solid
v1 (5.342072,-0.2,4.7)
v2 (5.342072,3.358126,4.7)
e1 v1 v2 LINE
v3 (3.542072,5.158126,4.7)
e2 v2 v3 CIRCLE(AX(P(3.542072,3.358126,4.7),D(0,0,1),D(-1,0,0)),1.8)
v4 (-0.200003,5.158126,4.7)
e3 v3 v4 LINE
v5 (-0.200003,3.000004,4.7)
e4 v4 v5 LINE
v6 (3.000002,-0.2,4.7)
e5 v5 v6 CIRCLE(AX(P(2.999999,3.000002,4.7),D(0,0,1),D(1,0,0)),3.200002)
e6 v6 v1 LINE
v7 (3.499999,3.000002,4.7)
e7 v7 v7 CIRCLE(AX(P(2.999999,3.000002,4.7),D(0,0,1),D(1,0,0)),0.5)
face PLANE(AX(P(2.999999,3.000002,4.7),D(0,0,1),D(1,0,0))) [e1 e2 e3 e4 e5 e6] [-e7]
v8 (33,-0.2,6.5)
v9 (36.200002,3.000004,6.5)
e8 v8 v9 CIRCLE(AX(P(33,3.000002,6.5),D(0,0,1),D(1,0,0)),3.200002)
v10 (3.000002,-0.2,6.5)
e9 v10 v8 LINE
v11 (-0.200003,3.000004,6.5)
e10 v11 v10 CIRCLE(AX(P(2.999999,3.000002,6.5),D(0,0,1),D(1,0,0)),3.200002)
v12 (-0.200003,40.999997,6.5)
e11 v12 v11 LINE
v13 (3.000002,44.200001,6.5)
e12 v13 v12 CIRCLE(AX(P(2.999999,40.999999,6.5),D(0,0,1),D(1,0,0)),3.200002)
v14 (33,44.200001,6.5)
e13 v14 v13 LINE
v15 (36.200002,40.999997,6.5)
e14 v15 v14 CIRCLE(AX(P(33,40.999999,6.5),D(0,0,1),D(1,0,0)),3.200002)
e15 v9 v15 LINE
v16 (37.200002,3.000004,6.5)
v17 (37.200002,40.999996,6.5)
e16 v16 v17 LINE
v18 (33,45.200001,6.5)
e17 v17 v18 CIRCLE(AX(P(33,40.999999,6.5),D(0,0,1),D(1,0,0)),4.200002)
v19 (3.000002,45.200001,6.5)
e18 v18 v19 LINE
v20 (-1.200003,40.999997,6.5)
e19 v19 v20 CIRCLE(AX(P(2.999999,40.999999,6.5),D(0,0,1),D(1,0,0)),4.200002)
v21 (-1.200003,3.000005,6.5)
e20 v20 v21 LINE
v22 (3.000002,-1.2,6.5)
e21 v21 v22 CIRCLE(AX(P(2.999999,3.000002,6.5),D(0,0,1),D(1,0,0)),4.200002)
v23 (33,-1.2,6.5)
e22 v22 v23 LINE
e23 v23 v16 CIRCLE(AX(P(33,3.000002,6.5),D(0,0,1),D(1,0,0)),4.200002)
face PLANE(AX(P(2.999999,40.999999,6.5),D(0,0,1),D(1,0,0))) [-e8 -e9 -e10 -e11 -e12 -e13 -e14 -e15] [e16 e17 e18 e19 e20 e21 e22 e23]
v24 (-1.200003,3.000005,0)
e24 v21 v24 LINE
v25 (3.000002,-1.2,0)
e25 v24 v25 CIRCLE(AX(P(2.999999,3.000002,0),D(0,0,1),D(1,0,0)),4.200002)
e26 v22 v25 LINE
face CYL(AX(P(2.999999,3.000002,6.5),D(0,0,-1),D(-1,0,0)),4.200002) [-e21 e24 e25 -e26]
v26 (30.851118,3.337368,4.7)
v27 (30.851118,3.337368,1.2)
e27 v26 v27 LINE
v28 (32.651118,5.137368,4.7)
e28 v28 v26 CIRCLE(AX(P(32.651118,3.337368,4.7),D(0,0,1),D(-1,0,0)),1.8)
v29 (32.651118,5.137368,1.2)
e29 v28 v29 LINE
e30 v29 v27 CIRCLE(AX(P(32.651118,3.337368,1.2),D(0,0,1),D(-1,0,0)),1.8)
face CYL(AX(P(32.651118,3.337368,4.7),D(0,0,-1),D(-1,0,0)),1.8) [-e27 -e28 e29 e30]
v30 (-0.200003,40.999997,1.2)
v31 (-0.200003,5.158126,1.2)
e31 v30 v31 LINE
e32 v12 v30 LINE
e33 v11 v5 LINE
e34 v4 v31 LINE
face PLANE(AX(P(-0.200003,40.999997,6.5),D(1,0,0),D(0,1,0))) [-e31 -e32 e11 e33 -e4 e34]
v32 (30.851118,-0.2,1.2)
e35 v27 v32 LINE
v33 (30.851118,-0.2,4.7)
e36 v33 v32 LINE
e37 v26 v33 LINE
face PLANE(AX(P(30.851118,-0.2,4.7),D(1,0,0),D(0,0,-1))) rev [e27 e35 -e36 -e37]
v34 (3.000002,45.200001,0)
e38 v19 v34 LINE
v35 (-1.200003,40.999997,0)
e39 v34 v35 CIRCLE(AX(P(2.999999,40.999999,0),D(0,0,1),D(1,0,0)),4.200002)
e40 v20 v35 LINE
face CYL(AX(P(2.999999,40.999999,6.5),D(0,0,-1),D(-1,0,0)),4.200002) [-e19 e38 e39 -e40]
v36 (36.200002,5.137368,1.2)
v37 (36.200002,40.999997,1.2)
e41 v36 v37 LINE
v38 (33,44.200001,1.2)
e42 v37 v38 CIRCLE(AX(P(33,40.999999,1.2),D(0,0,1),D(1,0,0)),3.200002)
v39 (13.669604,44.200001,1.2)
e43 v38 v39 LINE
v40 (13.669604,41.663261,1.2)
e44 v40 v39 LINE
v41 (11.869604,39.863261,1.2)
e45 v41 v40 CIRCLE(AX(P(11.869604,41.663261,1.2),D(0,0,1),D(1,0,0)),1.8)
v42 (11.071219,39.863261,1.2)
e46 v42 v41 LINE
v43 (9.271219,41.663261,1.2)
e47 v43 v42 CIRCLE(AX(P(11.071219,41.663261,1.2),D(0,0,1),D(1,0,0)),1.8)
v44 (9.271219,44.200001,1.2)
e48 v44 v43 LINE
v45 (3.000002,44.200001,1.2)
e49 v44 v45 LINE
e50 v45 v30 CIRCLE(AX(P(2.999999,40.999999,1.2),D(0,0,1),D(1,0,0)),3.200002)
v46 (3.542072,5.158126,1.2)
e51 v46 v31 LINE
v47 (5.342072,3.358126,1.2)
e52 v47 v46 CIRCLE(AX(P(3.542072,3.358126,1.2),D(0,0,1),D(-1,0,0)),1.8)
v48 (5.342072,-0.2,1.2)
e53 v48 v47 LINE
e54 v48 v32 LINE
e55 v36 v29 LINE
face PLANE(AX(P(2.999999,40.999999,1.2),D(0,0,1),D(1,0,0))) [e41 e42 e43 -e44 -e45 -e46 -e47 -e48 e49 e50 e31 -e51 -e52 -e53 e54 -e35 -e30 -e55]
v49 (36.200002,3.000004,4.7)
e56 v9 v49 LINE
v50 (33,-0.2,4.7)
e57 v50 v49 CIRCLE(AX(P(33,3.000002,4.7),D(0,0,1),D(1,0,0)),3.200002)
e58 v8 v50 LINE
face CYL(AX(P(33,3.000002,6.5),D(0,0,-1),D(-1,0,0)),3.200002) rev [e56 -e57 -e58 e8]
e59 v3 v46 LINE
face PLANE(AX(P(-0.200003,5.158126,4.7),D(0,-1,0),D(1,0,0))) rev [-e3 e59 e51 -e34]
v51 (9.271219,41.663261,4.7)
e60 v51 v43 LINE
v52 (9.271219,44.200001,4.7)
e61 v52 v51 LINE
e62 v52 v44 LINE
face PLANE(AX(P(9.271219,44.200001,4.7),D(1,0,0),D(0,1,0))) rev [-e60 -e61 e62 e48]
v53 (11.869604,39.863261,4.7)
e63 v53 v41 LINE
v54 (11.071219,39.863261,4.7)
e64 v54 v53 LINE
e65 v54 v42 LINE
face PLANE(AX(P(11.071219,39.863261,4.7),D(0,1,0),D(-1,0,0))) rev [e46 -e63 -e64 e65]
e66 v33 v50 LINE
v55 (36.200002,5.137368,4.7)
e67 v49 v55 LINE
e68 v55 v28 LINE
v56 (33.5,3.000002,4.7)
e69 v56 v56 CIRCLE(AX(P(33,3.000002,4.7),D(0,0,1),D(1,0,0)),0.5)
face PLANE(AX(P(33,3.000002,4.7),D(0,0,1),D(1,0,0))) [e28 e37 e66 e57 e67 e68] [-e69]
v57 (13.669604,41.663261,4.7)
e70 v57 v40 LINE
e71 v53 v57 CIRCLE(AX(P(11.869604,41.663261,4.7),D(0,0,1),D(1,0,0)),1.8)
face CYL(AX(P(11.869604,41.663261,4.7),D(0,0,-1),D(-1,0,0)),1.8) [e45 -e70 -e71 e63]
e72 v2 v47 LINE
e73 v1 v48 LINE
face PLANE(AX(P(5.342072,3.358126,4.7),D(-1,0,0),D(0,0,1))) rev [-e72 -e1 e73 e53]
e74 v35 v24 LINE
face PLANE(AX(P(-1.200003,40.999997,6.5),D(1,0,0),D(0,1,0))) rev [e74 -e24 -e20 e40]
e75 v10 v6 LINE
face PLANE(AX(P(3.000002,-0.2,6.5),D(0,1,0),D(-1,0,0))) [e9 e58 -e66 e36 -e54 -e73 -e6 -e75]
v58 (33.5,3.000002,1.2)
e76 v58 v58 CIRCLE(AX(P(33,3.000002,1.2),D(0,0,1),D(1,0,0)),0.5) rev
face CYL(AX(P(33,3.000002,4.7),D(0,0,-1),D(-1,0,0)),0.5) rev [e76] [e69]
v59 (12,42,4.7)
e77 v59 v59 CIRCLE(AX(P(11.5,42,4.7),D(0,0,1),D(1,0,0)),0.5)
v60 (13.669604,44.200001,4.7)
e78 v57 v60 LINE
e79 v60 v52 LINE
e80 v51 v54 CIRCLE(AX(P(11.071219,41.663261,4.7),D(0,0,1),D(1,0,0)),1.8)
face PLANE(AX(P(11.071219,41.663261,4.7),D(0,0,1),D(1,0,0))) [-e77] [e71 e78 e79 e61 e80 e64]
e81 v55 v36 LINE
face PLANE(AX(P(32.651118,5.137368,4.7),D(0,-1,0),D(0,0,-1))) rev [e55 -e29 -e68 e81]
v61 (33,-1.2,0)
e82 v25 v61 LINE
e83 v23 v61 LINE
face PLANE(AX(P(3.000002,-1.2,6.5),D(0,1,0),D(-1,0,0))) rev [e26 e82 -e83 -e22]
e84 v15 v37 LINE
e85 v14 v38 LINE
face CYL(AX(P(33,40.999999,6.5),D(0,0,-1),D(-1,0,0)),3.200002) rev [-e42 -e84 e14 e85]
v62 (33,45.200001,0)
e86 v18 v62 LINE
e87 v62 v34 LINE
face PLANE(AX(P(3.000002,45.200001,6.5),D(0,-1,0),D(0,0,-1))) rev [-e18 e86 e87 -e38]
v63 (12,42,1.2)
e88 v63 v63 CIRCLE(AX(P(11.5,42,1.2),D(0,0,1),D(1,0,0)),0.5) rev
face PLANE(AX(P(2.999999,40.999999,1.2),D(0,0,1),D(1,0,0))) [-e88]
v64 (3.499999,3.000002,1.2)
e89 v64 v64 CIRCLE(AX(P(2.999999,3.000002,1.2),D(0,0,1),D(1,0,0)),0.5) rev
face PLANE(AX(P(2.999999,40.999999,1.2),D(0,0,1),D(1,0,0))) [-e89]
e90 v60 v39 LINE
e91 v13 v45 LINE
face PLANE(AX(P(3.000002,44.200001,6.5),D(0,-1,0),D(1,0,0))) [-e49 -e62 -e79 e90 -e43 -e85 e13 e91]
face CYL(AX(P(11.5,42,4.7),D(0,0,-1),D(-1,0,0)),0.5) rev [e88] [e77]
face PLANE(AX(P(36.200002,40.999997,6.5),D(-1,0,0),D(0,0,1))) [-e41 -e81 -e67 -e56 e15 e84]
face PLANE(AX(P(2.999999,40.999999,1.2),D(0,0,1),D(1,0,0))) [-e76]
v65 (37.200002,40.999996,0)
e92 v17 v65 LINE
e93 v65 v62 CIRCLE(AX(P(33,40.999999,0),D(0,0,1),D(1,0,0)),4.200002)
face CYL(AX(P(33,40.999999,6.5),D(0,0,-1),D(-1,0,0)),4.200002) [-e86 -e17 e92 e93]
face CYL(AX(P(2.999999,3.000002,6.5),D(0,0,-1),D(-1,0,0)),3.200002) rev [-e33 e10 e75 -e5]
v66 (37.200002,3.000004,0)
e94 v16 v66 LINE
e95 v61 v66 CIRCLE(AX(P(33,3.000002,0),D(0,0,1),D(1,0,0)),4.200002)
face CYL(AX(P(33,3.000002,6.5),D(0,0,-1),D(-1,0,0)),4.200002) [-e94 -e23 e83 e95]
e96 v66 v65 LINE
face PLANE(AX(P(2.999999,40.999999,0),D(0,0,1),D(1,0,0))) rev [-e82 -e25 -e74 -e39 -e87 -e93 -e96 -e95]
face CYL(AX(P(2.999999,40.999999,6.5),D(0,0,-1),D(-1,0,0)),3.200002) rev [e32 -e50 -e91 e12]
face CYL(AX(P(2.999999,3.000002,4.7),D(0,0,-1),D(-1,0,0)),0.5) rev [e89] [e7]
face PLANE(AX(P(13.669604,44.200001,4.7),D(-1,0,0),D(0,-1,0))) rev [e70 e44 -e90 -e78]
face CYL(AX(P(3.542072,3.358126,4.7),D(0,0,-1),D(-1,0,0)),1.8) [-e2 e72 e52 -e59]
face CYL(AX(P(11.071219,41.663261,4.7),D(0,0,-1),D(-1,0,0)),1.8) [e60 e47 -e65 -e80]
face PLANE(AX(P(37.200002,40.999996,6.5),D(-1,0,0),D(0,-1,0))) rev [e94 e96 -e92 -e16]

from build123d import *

# Parameters (mm, degrees)
EXTRUDE_1_DEPTH = 6.5
EXTRUDE_2_DEPTH = 1.2
SKETCH_4_R      = 0.5
EXTRUDE_3_DEPTH = 3.5


with BuildPart() as part:
    # Эскиз2 → Бобышка-Вытянуть1 (new body)
    with BuildSketch(Plane.XY):
        with BuildLine():
            Line((3.000001789, 45.2000009), (33.00000004, 45.2000009))
            ThreePointArc((33.00000004, 45.2000009), (35.969850924, 43.969847649), (37.20000166, 40.999995724))
            Line((37.20000166, 40.999995724), (37.20000166, 3.000004329))
            ThreePointArc((37.20000166, 3.000004329), (35.969850624, 0.030152951), (33.00000004, -1.2))
            Line((33.00000004, -1.2), (3.000001789, -1.2))
            ThreePointArc((3.000001789, -1.2), (0.030149154, 0.030152293), (-1.20000254, 3.000005176))
            Line((-1.20000254, 3.000005176), (-1.20000254, 40.999996571))
            ThreePointArc((-1.20000254, 40.999996571), (0.030149454, 43.969848906), (3.000001789, 45.2000009))
        make_face()
        with BuildLine():
            Line((3.000001789, 44.2000009), (33.00000004, 44.2000009))
            ThreePointArc((33.00000004, 44.2000009), (35.262743843, 43.262741167), (36.20000166, 40.999996571))
            Line((36.20000166, 40.999996571), (36.20000166, 3.000004329))
            ThreePointArc((36.20000166, 3.000004329), (35.262743843, 0.737259733), (33.00000004, -0.2))
            Line((33.00000004, -0.2), (3.000001789, -0.2))
            ThreePointArc((3.000001789, -0.2), (0.737256235, 0.737258775), (-0.20000254, 3.000004329))
            Line((-0.20000254, 3.000004329), (-0.20000254, 40.999996571))
            ThreePointArc((-0.20000254, 40.999996571), (0.737256235, 43.262742125), (3.000001789, 44.2000009))
        make_face(mode=Mode.SUBTRACT)
    extrude(amount=EXTRUDE_1_DEPTH)

    # Эскиз3 → Бобышка-Вытянуть2 (add)
    with BuildSketch(Plane.XY):
        with BuildLine():
            Line((-1.20000254, 40.999996571), (-1.20000254, 3.000005176))
            ThreePointArc((-1.20000254, 3.000005176), (0.030149154, 0.030152293), (3.000001789, -1.2))
            Line((3.000001789, -1.2), (33.00000004, -1.2))
            ThreePointArc((33.00000004, -1.2), (35.969850624, 0.030152951), (37.20000166, 3.000004329))
            Line((37.20000166, 3.000004329), (37.20000166, 40.999995724))
            ThreePointArc((37.20000166, 40.999995724), (35.969850924, 43.969847649), (33.00000004, 45.2000009))
            Line((33.00000004, 45.2000009), (3.000001789, 45.2000009))
            ThreePointArc((3.000001789, 45.2000009), (0.030149454, 43.969848906), (-1.20000254, 40.999996571))
        make_face()
    extrude(amount=EXTRUDE_2_DEPTH)

    # Эскиз4 → Бобышка-Вытянуть3 (add)
    # profile 1 of 3: a face of its own
    with BuildSketch(Plane.XY.offset(1.2)):
        with BuildLine():
            Line((9.271219031, 44.2000009), (13.669603576, 44.2000009))
            Line((13.669603576, 44.2000009), (13.669603576, 41.66326091))
            ThreePointArc((13.669603576, 41.66326091), (13.142395782, 40.390468704), (11.869603576, 39.86326091))
            Line((11.869603576, 39.86326091), (11.071219031, 39.86326091))
            ThreePointArc((11.071219031, 39.86326091), (9.798426825, 40.390468704), (9.271219031, 41.66326091))
            Line((9.271219031, 41.66326091), (9.271219031, 44.2000009))
        make_face()
        with Locations((11.49999986, 41.99999982)):
            Circle(SKETCH_4_R, mode=Mode.SUBTRACT)
    # profile 2 of 3: a face of its own
    with BuildSketch(Plane.XY.offset(1.2)):
        with BuildLine():
            Line((-0.20000254, 3.000004329), (-0.20000254, 5.158126066))
            Line((-0.20000254, 5.158126066), (3.542071928, 5.158126066))
            ThreePointArc((3.542071928, 5.158126066), (4.814864134, 4.630918272), (5.342071928, 3.358126066))
            Line((5.342071928, 3.358126066), (5.342071928, -0.2))
            Line((5.342071928, -0.2), (3.000001789, -0.2))
            ThreePointArc((3.000001789, -0.2), (0.737256235, 0.737258775), (-0.20000254, 3.000004329))
        make_face()
        with Locations((2.99999908, 3.00000162)):
            Circle(SKETCH_4_R, mode=Mode.SUBTRACT)
    # profile 3 of 3: a face of its own
    with BuildSketch(Plane.XY.offset(1.2)):
        with BuildLine():
            Line((33.00000004, -0.2), (30.851118491, -0.2))
            Line((30.851118491, -0.2), (30.851118491, 3.337368367))
            ThreePointArc((30.851118491, 3.337368367), (31.378326285, 4.610160574), (32.651118491, 5.137368367))
            Line((32.651118491, 5.137368367), (36.20000166, 5.137368367))
            Line((36.20000166, 5.137368367), (36.20000166, 3.000004329))
            ThreePointArc((36.20000166, 3.000004329), (35.262743843, 0.737259733), (33.00000004, -0.2))
        make_face()
        with Locations((33.00000004, 3.00000162)):
            Circle(SKETCH_4_R, mode=Mode.SUBTRACT)
    extrude(amount=EXTRUDE_3_DEPTH)


solid = part.part
